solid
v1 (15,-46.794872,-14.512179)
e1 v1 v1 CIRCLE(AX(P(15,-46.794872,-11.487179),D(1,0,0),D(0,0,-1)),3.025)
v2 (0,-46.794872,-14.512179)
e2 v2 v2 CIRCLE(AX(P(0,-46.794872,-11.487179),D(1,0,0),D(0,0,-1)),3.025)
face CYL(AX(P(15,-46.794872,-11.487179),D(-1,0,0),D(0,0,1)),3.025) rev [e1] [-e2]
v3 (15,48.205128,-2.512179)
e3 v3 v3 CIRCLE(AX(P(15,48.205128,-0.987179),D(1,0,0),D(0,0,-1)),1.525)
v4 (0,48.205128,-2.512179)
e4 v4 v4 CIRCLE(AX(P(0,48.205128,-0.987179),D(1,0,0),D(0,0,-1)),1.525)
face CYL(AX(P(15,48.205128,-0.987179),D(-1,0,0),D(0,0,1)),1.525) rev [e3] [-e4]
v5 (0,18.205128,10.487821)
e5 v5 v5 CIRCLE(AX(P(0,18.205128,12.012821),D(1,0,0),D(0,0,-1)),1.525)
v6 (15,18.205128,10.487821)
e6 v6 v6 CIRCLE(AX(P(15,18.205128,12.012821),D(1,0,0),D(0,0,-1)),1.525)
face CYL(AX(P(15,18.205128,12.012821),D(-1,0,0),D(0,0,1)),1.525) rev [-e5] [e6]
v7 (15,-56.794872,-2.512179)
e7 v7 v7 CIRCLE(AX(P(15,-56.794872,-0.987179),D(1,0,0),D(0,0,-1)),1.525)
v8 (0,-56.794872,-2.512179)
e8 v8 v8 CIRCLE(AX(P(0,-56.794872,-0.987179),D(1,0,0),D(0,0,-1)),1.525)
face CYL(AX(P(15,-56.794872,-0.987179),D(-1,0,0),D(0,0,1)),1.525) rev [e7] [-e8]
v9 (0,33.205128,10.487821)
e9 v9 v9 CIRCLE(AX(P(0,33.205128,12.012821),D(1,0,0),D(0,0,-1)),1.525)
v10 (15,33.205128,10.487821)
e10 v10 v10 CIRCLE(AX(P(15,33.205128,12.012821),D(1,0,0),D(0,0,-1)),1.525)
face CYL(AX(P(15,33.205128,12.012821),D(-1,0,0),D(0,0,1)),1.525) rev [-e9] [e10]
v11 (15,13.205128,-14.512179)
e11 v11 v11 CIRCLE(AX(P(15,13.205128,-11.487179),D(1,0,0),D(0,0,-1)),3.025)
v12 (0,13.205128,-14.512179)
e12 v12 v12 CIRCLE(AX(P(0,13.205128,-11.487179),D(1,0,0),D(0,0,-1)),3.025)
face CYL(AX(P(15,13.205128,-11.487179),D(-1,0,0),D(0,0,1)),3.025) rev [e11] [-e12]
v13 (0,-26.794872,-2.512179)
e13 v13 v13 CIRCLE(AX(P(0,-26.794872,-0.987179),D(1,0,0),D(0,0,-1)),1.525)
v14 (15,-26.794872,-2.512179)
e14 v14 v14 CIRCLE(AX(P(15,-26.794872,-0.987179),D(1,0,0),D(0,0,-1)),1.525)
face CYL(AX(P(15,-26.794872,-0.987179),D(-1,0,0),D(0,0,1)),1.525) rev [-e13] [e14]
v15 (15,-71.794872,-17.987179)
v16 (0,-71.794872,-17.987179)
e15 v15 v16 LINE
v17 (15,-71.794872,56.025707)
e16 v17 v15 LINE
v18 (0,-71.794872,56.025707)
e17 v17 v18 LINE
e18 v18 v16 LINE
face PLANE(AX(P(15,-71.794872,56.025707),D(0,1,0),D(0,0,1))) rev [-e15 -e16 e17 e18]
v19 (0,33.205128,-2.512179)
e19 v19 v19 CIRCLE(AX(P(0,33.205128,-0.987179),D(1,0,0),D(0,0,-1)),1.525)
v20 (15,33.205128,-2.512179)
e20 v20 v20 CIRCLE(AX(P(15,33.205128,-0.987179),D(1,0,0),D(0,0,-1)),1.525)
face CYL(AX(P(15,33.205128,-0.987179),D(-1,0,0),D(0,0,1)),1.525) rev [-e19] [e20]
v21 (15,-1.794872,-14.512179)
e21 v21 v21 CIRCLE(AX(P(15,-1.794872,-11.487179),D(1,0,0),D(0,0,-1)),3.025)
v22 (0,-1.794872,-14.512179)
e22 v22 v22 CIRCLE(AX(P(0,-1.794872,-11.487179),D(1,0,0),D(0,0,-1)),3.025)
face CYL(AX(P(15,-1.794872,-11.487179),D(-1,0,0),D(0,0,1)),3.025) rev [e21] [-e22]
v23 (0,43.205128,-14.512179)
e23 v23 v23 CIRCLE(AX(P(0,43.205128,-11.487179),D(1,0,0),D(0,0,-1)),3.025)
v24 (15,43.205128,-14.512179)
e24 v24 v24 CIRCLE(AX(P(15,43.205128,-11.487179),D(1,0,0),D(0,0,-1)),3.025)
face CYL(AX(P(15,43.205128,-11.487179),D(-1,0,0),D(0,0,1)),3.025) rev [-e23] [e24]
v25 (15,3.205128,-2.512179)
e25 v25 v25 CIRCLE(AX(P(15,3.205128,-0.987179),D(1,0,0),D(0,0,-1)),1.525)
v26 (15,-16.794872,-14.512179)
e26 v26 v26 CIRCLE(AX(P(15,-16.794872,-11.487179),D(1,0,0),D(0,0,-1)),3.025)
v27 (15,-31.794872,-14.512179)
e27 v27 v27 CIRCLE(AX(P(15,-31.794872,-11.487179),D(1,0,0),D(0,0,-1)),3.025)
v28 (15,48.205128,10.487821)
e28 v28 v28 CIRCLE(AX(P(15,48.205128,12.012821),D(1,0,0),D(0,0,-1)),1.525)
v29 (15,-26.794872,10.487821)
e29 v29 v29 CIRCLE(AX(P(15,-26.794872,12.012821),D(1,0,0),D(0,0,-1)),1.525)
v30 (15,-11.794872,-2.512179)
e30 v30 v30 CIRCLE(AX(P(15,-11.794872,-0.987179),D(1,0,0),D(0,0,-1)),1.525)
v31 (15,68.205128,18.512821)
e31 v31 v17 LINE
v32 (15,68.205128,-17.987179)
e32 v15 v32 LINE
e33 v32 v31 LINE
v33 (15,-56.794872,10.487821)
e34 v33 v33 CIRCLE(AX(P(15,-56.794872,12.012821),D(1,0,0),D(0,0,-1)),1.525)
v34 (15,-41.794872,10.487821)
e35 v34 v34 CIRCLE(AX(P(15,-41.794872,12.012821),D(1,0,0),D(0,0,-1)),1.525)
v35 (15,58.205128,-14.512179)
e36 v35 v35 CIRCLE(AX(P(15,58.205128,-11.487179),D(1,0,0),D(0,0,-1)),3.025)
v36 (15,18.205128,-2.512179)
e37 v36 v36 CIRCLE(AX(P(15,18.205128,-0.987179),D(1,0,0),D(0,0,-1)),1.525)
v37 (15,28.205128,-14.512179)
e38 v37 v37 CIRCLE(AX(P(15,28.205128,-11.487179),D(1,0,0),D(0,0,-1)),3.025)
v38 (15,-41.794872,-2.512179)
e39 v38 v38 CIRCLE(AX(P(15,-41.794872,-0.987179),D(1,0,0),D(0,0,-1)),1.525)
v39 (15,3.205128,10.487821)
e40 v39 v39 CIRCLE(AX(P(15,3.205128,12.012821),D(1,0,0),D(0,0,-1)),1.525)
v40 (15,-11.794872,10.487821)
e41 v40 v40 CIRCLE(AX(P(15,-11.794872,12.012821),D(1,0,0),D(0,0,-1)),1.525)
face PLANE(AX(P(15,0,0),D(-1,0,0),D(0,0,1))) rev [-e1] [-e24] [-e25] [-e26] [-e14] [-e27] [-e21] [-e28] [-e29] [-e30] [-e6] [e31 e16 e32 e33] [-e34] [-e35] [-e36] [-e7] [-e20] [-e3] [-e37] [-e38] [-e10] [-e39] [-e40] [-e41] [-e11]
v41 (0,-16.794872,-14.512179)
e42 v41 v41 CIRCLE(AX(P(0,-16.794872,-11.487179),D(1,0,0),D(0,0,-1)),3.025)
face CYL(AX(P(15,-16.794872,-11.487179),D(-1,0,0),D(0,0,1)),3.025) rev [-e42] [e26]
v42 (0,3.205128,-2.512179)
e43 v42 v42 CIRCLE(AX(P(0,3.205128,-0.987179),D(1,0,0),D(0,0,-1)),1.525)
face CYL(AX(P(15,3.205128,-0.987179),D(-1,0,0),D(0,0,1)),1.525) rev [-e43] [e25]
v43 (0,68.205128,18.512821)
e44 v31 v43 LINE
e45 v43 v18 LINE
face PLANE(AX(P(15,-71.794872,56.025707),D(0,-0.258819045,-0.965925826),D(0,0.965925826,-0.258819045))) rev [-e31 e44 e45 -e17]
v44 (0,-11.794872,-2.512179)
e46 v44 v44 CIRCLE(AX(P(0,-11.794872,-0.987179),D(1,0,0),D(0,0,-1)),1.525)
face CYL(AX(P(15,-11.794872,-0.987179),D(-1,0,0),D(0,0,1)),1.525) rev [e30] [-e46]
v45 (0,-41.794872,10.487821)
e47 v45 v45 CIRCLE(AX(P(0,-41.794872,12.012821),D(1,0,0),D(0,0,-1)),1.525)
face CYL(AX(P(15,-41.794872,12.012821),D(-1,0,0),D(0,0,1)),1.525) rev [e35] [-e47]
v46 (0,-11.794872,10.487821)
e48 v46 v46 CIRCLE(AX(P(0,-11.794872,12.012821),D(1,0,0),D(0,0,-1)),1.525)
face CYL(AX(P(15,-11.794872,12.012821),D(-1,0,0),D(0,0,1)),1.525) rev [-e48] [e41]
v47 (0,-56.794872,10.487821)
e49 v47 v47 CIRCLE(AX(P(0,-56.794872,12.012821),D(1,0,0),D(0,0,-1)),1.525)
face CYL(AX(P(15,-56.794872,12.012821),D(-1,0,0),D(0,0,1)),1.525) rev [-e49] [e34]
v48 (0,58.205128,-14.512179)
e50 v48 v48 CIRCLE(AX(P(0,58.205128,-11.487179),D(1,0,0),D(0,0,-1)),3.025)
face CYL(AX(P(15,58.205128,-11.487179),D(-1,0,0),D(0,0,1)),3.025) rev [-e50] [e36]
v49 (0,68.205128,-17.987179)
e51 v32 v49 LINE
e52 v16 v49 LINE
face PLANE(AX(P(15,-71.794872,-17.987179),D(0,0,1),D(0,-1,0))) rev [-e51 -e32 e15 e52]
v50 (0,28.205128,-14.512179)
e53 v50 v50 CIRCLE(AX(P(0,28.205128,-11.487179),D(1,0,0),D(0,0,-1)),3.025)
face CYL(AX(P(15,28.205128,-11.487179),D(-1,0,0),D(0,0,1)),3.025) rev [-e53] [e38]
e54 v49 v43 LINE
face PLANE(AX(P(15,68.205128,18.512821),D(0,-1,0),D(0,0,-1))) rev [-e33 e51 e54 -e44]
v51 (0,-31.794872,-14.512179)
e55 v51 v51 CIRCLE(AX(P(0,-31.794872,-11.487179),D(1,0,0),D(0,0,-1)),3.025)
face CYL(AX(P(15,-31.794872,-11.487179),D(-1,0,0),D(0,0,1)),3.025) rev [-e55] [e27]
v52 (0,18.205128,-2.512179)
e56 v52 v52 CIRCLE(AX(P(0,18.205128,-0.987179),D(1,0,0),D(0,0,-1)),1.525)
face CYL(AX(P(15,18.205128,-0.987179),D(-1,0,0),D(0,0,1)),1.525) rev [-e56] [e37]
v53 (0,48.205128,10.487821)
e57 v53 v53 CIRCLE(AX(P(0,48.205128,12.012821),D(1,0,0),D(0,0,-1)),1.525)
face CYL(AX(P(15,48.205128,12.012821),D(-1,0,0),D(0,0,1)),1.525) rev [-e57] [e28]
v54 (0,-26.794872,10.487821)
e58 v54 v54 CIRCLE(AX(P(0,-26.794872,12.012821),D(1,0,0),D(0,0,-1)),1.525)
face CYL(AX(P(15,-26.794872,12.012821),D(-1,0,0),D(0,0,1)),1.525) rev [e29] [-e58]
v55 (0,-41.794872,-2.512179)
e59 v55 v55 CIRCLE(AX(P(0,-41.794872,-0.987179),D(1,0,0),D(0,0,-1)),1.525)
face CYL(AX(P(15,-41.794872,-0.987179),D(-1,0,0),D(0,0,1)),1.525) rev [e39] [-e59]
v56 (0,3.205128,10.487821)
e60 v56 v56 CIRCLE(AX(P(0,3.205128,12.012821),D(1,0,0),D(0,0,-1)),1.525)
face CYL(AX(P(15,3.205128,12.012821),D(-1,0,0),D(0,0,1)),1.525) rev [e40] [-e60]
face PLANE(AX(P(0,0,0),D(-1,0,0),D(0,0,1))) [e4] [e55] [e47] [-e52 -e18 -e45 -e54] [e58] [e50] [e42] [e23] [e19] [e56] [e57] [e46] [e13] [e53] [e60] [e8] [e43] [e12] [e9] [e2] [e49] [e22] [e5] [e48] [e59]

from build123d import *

# Parameters (mm, degrees)
SKETCH2_R           = 3.025
SKETCH2_R_2         = 1.525
BOSS_EXTRUDE2_DEPTH = 15


with BuildPart() as part:
    # Sketch2 → Boss-Extrude2 (new body)
    with BuildSketch(Plane(origin=(0, 0, 0), x_dir=(0, 0, -1), z_dir=(1, 0, 0))):
        Polygon((-56.025707453, -71.794871795), (17.987179487, -71.794871795), (17.987179487, 68.205128205), (-18.512820513, 68.205128205), align=None)
        with Locations((11.487179487, 58.205128205)):
            Circle(SKETCH2_R, mode=Mode.SUBTRACT)
        with Locations((11.487179487, 43.205128205)):
            Circle(SKETCH2_R, mode=Mode.SUBTRACT)
        with Locations((11.487179487, 28.205128205)):
            Circle(SKETCH2_R, mode=Mode.SUBTRACT)
        with Locations((11.487179487, 13.205128205)):
            Circle(SKETCH2_R, mode=Mode.SUBTRACT)
        with Locations((11.487179487, -1.794871795)):
            Circle(SKETCH2_R, mode=Mode.SUBTRACT)
        with Locations((11.487179487, -16.794871795)):
            Circle(SKETCH2_R, mode=Mode.SUBTRACT)
        with Locations((11.487179487, -31.794871795)):
            Circle(SKETCH2_R, mode=Mode.SUBTRACT)
        with Locations((11.487179487, -46.794871795)):
            Circle(SKETCH2_R, mode=Mode.SUBTRACT)
        with Locations((0.987179487, 48.205128205)):
            Circle(SKETCH2_R_2, mode=Mode.SUBTRACT)
        with Locations((-12.012820513, 48.205128205)):
            Circle(SKETCH2_R_2, mode=Mode.SUBTRACT)
        with Locations((0.987179487, 33.205128205)):
            Circle(SKETCH2_R_2, mode=Mode.SUBTRACT)
        with Locations((-12.012820513, 33.205128205)):
            Circle(SKETCH2_R_2, mode=Mode.SUBTRACT)
        with Locations((0.987179487, 18.205128205)):
            Circle(SKETCH2_R_2, mode=Mode.SUBTRACT)
        with Locations((-12.012820513, 18.205128205)):
            Circle(SKETCH2_R_2, mode=Mode.SUBTRACT)
        with Locations((0.987179487, 3.205128205)):
            Circle(SKETCH2_R_2, mode=Mode.SUBTRACT)
        with Locations((-12.012820513, 3.205128205)):
            Circle(SKETCH2_R_2, mode=Mode.SUBTRACT)
        with Locations((0.987179487, -11.794871795)):
            Circle(SKETCH2_R_2, mode=Mode.SUBTRACT)
        with Locations((-12.012820513, -11.794871795)):
            Circle(SKETCH2_R_2, mode=Mode.SUBTRACT)
        with Locations((0.987179487, -26.794871795)):
            Circle(SKETCH2_R_2, mode=Mode.SUBTRACT)
        with Locations((-12.012820513, -26.794871795)):
            Circle(SKETCH2_R_2, mode=Mode.SUBTRACT)
        with Locations((0.987179487, -41.794871795)):
            Circle(SKETCH2_R_2, mode=Mode.SUBTRACT)
        with Locations((-12.012820513, -41.794871795)):
            Circle(SKETCH2_R_2, mode=Mode.SUBTRACT)
        with Locations((0.987179487, -56.794871795)):
            Circle(SKETCH2_R_2, mode=Mode.SUBTRACT)
        with Locations((-12.012820513, -56.794871795)):
            Circle(SKETCH2_R_2, mode=Mode.SUBTRACT)
    extrude(amount=BOSS_EXTRUDE2_DEPTH)


solid = part.part
